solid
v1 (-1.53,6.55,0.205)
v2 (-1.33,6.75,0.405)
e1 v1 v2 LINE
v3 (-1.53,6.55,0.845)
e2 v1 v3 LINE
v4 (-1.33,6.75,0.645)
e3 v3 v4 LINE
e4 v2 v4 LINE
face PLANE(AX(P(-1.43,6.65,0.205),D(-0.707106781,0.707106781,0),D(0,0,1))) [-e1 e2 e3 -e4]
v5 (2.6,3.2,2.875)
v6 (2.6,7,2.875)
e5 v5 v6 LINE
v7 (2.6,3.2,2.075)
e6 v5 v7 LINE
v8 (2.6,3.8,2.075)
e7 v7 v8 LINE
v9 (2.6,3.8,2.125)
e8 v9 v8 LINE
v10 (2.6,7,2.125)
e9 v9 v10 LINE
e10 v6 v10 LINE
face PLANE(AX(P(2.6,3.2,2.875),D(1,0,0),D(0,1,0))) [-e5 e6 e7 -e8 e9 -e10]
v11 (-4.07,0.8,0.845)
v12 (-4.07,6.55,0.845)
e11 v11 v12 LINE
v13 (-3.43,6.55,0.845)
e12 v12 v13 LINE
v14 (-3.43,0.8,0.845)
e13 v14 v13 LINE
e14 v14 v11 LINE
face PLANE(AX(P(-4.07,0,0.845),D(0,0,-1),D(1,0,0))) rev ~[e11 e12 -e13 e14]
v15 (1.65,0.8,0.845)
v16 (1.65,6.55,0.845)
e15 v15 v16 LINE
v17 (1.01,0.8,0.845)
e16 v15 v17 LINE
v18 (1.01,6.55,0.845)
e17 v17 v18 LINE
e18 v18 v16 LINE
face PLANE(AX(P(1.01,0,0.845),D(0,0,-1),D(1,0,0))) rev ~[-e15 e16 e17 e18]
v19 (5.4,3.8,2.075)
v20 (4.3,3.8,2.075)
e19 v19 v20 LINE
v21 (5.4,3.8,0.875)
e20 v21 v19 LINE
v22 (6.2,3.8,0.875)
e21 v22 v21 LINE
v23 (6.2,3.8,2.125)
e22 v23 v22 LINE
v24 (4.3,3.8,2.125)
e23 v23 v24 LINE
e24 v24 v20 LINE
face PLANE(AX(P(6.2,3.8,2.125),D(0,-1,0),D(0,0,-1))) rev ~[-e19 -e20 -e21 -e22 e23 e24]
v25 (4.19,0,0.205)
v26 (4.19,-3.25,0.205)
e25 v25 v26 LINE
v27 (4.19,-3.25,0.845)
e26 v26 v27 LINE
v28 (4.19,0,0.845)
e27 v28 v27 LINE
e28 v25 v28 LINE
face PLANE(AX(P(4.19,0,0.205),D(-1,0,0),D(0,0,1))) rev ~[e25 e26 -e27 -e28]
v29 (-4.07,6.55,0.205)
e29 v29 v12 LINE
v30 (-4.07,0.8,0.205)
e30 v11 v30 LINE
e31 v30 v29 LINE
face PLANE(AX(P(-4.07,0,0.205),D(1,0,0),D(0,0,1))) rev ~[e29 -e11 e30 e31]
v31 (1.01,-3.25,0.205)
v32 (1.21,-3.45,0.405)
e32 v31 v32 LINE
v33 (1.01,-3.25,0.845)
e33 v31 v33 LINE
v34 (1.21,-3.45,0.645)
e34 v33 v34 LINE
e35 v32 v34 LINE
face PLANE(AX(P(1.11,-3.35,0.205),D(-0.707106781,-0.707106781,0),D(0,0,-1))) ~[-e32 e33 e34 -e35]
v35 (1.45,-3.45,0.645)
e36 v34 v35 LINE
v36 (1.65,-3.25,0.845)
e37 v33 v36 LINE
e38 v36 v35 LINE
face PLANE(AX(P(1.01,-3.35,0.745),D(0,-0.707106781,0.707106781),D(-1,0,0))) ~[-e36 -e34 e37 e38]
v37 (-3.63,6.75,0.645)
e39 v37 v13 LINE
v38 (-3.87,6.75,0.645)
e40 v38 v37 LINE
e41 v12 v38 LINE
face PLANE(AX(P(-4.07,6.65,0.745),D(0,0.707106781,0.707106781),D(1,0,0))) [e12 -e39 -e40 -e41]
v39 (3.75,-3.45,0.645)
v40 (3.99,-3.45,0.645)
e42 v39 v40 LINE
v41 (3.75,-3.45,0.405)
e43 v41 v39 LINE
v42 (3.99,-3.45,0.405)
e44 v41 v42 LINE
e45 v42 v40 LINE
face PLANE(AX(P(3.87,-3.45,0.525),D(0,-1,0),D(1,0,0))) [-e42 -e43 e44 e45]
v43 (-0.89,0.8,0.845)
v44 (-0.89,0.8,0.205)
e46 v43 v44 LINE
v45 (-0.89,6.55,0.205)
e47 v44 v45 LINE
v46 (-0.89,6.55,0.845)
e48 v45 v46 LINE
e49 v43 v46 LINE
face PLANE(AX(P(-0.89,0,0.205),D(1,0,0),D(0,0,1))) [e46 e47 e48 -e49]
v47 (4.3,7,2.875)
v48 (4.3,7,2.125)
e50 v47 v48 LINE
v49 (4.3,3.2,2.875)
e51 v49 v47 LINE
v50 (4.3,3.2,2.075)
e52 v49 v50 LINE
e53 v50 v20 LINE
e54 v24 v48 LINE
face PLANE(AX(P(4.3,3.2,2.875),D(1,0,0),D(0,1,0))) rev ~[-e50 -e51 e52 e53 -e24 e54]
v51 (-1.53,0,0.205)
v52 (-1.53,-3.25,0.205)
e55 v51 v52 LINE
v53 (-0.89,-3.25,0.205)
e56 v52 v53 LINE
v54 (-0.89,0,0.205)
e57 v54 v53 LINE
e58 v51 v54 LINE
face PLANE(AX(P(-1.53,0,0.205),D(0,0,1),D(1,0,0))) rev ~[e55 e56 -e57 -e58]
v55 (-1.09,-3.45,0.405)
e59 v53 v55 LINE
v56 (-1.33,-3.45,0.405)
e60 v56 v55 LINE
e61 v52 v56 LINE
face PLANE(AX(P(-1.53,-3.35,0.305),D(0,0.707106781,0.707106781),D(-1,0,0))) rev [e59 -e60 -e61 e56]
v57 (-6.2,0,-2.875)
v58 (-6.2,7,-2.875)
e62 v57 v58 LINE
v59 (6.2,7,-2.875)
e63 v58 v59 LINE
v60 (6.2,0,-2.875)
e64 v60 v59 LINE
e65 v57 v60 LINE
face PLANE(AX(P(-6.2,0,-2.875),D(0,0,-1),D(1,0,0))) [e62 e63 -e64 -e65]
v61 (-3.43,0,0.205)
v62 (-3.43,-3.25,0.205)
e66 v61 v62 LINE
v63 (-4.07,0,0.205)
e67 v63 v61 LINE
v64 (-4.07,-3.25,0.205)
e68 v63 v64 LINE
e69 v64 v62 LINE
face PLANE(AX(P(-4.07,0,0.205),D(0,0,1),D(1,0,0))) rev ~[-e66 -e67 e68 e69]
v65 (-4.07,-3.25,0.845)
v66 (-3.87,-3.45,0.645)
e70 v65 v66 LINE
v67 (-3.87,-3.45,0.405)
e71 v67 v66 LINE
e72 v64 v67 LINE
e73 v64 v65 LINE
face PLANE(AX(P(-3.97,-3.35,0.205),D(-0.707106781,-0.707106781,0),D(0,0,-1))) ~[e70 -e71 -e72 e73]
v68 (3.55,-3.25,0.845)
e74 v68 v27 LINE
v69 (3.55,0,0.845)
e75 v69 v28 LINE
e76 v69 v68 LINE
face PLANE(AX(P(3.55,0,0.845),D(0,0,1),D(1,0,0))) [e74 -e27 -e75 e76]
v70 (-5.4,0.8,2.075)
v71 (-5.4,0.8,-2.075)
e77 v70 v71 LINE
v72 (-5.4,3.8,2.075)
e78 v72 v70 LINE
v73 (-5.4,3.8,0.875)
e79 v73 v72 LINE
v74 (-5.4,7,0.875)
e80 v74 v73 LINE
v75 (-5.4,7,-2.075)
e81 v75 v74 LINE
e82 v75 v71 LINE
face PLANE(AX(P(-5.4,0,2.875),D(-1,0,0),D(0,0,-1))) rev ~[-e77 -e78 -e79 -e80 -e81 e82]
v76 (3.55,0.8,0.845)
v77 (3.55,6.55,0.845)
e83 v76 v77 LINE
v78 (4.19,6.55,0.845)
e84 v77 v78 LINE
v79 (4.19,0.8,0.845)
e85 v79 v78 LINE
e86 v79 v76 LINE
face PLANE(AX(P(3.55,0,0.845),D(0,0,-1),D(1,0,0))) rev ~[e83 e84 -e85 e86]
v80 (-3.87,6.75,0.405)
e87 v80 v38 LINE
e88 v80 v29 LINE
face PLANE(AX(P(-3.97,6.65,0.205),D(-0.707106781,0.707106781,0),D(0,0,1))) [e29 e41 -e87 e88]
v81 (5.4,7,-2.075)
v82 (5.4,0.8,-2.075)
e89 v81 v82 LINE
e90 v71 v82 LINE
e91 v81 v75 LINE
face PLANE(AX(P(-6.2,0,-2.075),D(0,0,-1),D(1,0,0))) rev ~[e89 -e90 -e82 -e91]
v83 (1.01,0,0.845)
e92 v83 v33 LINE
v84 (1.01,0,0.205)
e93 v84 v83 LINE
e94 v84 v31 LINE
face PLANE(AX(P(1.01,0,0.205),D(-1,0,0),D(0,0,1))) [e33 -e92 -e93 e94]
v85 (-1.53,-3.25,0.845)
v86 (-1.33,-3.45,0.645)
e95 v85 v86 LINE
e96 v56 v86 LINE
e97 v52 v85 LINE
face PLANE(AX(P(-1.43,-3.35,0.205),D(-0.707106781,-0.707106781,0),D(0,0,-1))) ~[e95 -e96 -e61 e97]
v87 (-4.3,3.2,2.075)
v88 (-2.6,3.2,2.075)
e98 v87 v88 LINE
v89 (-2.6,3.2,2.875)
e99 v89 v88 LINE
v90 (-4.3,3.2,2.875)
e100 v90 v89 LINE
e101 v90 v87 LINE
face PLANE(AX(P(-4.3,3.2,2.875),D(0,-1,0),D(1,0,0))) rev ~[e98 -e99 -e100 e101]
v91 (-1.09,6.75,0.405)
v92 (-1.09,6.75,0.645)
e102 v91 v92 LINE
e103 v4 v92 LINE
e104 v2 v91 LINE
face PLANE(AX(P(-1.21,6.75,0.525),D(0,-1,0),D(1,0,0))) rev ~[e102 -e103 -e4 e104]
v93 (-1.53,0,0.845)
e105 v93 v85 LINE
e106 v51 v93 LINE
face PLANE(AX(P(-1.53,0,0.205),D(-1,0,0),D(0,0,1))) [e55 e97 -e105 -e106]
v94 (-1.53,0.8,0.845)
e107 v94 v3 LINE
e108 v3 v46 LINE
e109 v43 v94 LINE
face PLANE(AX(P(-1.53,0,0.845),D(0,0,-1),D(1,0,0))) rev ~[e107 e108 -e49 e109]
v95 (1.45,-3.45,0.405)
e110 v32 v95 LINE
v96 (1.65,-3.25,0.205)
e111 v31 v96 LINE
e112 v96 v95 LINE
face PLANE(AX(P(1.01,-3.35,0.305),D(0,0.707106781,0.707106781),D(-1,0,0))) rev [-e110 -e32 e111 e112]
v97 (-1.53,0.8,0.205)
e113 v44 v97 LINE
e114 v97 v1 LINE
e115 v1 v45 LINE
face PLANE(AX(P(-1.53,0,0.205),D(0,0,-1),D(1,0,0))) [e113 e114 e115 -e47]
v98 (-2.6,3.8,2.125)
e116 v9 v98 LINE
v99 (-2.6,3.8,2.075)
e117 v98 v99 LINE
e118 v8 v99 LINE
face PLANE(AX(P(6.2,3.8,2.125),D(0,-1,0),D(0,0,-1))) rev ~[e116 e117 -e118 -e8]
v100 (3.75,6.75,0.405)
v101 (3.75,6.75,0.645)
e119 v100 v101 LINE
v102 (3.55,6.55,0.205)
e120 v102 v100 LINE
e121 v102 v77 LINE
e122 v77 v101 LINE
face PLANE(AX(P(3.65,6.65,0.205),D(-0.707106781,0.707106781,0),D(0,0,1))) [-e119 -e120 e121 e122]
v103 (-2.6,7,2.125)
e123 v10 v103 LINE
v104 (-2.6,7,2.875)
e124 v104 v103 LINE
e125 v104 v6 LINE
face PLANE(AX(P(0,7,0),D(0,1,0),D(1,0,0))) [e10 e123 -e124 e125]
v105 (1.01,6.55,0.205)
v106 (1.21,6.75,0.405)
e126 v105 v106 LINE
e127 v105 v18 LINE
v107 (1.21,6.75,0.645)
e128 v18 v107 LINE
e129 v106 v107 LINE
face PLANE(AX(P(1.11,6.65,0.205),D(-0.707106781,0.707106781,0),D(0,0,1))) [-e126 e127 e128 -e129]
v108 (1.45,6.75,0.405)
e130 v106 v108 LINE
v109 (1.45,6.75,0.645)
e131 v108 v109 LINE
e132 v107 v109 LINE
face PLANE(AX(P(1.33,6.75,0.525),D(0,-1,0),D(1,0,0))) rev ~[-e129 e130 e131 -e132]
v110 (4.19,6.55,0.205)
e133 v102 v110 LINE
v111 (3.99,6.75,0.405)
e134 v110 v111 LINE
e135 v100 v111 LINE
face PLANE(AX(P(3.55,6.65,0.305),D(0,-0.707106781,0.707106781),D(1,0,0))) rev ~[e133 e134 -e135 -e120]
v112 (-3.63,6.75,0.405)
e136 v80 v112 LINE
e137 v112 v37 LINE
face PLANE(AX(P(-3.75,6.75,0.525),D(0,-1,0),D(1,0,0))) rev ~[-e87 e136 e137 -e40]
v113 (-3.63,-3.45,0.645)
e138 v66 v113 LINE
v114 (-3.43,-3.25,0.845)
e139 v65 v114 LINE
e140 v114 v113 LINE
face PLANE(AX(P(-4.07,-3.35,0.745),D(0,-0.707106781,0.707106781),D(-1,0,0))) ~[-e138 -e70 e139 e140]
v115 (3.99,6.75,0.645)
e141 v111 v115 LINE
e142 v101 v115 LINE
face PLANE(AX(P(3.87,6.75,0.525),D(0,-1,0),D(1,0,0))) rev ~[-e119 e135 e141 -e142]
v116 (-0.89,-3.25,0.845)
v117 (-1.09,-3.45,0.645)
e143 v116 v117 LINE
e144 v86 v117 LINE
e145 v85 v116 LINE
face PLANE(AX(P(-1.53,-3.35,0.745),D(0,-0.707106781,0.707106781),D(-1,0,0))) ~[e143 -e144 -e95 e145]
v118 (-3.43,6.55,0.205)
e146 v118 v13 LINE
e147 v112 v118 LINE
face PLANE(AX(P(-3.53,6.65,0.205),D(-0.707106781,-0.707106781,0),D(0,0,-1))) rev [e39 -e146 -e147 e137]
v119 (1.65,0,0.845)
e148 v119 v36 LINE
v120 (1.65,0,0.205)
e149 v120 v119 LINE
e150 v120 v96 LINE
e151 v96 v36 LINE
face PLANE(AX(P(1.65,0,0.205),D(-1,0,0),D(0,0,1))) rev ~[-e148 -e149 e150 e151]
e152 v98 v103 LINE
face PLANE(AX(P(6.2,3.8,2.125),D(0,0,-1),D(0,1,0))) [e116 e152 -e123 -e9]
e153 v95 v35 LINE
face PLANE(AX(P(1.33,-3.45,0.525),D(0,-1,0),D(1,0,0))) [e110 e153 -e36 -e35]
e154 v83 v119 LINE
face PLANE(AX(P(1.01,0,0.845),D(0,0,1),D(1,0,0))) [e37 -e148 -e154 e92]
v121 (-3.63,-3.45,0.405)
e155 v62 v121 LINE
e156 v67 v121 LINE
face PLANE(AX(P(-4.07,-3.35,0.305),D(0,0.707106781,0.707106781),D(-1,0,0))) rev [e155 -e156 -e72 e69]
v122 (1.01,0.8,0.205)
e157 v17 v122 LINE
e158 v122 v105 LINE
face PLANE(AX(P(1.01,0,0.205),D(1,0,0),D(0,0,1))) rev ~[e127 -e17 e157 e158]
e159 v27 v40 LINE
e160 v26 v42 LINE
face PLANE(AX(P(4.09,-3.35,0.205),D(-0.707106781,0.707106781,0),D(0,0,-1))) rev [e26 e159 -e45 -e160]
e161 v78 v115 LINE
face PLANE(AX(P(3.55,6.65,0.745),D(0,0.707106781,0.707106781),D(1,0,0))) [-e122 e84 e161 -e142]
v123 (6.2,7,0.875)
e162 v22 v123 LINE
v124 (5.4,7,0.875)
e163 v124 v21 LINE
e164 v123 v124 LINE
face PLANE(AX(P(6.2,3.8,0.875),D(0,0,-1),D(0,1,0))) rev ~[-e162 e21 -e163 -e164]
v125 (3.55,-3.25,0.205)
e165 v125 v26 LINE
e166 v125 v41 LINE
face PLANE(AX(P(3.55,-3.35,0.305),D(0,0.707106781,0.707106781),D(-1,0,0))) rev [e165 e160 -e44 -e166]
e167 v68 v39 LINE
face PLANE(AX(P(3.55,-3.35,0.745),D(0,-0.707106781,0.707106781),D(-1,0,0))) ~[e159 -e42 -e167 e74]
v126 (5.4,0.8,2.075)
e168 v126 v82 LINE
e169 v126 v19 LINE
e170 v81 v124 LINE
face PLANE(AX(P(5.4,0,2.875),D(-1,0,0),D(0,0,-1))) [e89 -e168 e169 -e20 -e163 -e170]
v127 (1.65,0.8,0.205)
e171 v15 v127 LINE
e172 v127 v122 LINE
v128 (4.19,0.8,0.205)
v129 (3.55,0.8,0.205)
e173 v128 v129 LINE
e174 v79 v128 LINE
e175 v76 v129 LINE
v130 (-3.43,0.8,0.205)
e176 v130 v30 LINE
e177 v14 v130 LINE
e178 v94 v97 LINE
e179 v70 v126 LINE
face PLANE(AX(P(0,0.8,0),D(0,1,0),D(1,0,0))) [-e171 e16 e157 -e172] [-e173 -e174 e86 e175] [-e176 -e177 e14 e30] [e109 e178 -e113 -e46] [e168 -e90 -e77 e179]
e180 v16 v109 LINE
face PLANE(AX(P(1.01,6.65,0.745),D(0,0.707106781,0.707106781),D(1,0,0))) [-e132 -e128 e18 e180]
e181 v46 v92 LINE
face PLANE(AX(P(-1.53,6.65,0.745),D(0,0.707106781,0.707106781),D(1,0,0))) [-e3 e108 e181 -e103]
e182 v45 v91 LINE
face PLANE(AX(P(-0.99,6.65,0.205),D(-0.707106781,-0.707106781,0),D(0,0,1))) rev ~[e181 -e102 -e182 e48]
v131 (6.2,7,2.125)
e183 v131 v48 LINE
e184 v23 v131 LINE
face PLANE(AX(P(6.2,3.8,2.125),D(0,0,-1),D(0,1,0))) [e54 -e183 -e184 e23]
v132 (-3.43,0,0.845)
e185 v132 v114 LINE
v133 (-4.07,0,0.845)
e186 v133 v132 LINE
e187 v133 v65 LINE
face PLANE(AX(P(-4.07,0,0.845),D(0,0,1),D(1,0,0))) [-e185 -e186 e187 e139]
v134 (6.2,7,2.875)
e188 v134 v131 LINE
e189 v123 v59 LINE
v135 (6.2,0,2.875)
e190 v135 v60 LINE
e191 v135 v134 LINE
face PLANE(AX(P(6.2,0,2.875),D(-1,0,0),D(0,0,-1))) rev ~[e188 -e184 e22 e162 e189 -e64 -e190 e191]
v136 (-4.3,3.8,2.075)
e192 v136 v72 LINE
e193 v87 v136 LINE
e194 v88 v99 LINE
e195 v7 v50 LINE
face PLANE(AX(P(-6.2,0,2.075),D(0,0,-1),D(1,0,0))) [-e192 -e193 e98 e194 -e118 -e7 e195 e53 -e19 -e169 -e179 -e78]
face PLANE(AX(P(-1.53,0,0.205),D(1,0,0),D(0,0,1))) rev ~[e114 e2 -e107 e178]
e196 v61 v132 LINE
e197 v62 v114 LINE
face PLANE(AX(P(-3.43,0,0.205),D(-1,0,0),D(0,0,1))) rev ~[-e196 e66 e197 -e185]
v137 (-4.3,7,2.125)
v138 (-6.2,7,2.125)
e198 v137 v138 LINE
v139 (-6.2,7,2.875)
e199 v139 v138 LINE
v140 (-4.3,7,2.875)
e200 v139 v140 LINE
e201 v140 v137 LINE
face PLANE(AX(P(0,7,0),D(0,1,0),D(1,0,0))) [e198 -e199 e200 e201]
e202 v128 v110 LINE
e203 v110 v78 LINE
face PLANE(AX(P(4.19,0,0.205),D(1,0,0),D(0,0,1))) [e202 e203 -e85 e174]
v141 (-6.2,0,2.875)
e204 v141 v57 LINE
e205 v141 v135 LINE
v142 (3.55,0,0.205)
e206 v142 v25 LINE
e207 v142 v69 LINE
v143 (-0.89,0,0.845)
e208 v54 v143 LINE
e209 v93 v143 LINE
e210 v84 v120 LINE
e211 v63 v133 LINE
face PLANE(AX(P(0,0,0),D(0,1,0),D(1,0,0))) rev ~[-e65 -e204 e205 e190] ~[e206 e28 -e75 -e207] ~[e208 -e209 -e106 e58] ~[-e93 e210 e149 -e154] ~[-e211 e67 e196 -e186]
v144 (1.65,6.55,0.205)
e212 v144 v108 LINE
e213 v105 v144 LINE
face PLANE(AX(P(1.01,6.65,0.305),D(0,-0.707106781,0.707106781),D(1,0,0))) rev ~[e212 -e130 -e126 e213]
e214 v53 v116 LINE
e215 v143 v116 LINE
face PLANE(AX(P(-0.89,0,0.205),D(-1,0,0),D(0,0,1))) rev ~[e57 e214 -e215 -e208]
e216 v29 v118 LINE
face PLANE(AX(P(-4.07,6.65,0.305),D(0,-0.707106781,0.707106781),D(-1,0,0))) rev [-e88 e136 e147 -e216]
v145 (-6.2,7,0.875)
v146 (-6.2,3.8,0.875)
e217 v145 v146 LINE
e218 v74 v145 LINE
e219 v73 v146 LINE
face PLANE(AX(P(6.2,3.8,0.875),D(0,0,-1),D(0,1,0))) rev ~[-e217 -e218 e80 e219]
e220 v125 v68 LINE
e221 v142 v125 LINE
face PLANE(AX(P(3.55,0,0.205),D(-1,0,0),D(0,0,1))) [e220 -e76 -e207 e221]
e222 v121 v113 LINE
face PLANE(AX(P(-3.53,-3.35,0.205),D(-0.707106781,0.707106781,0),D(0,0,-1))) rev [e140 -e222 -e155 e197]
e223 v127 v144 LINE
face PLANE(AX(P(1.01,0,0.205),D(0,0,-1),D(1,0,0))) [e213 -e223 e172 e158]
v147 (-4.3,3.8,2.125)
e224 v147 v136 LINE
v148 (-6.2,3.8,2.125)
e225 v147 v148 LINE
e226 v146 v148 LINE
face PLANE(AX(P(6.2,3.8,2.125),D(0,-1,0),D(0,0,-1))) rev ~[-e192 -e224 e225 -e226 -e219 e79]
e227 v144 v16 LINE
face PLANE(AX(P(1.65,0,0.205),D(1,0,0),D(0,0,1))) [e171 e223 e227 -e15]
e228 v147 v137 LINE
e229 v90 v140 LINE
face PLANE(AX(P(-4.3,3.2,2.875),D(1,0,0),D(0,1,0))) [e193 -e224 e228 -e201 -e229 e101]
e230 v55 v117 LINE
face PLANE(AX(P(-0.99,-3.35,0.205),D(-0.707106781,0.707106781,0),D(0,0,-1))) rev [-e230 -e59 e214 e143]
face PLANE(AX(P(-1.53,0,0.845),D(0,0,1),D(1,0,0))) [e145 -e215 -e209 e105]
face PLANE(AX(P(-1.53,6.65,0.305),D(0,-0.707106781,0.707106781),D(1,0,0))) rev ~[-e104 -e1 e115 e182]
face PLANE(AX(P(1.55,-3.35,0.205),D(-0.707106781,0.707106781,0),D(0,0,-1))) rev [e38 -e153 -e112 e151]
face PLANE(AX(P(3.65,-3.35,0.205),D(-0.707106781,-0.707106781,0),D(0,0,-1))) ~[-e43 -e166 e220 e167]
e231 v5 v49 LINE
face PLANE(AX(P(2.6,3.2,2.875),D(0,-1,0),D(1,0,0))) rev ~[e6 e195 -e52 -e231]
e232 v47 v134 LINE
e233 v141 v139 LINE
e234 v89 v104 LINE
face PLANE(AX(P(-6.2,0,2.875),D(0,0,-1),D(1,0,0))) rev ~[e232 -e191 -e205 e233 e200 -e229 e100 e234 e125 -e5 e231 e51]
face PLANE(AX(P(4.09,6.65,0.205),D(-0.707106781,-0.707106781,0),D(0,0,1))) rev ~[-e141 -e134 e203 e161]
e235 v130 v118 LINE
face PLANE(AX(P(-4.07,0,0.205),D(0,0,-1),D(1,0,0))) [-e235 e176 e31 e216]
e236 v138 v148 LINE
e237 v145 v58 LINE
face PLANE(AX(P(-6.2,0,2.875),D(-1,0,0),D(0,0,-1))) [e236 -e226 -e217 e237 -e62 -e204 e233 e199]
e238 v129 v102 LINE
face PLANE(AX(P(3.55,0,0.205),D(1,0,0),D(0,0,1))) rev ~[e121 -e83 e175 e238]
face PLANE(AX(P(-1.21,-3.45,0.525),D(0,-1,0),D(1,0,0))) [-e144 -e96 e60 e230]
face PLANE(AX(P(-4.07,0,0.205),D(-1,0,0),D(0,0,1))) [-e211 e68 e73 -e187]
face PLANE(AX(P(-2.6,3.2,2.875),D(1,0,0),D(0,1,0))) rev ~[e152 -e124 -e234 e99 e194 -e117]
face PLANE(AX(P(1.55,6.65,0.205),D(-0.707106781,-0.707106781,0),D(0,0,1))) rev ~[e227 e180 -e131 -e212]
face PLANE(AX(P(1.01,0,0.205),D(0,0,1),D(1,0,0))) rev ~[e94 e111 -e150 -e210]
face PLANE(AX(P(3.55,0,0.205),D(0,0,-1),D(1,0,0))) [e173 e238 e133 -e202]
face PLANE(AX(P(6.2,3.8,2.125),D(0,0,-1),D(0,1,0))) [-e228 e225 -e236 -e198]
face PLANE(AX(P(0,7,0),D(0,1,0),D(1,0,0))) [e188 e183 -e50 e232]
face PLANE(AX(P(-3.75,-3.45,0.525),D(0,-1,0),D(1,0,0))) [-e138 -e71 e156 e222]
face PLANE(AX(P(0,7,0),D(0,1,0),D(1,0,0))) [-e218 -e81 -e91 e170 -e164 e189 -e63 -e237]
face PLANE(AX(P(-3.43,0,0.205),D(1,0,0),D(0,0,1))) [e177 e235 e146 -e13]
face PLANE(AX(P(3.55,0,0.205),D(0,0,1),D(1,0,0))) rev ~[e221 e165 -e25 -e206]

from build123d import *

# Parameters (mm, degrees)
SKETCH1_W                = 12.4
SKETCH1_H                = 5.75
BOSS_EXTRUDE1_DEPTH      = 7
SHELL1_T                 = -0.8
SKETCH2_W                = 1.25
SKETCH2_H                = 3.2
CUT_EXTRUDE1_DEPTH       = 13.4
CUT_EXTRUDE2_REACH       = 7.75
SKETCH3_W                = 1.7
SKETCH3_H                = 3.8
SKETCH4_W                = 0.64
SKETCH4_H                = 0.64
BOSS_EXTRUDE2_DEPTH      = 3.45
BOSS_EXTRUDE2_DEPTH_BACK = 6.75
CHAMFER1_SIZE            = 0.2


with BuildPart() as part:
    # Sketch1 → Boss-Extrude1 (new body)
    with BuildSketch(Plane(origin=(0, 0, 0), x_dir=(1, 0, 0), z_dir=(0, 1, 0))):
        Rectangle(SKETCH1_W, SKETCH1_H)
    extrude(amount=BOSS_EXTRUDE1_DEPTH)

    # Shell1
    shell1_openings = [part.faces().sort_by_distance(p)[0] for p in [
        (0, 7, 0),
    ]]
    offset(amount=SHELL1_T, openings=shell1_openings, kind=Kind.INTERSECTION)

    # Sketch2 → Cut-Extrude1 (cut, through all)
    with BuildSketch(Plane(origin=(6.2, 0, 0), x_dir=(0, 0, -1), z_dir=(1, 0, 0))):
        with Locations((-1.5, 5.4)):
            Rectangle(SKETCH2_W, SKETCH2_H)
    extrude(amount=-CUT_EXTRUDE1_DEPTH, mode=Mode.SUBTRACT)

    # Sketch3 → Cut-Extrude2 (cut, up to next)
    with BuildSketch(Plane.XY.offset(2.875), mode=Mode.PRIVATE) as cut_extrude2_sk1:
        with Locations((-3.45, 5.1)):
            Rectangle(SKETCH3_W, SKETCH3_H)
    cut_extrude2_tool1 = extrude(cut_extrude2_sk1.sketch, amount=-CUT_EXTRUDE2_REACH, mode=Mode.PRIVATE) & part.part
    add(cut_extrude2_tool1.solids().sort_by_distance((-3.45, 5.1, 2.875))[0], mode=Mode.SUBTRACT)
    # Sketch3 → Cut-Extrude2 (cut, up to next)
    with BuildSketch(Plane.XY.offset(2.875), mode=Mode.PRIVATE) as cut_extrude2_sk2:
        with Locations((3.45, 5.1)):
            Rectangle(SKETCH3_W, SKETCH3_H)
    cut_extrude2_tool2 = extrude(cut_extrude2_sk2.sketch, amount=-CUT_EXTRUDE2_REACH, mode=Mode.PRIVATE) & part.part
    add(cut_extrude2_tool2.solids().sort_by_distance((3.45, 5.1, 2.875))[0], mode=Mode.SUBTRACT)

    # Sketch4 → Boss-Extrude2 (add, two sides)
    with BuildSketch(Plane.XZ) as boss_extrude2_sk:
        with Locations((-3.75, 0.525)):
            Rectangle(SKETCH4_W, SKETCH4_H)
        with Locations((-1.21, 0.525)):
            Rectangle(SKETCH4_W, SKETCH4_H)
        with Locations((1.33, 0.525)):
            Rectangle(SKETCH4_W, SKETCH4_H)
        with Locations((3.87, 0.525)):
            Rectangle(SKETCH4_W, SKETCH4_H)
    extrude(amount=BOSS_EXTRUDE2_DEPTH)
    extrude(boss_extrude2_sk.sketch, amount=-BOSS_EXTRUDE2_DEPTH_BACK)

    # Chamfer1
    chamfer1_edges = [part.edges().sort_by_distance(p)[0] for p in [
        (-1.21, 6.75, 0.205),
        (-1.53, 6.75, 0.525),
        (-1.21, 6.75, 0.845),
        (-0.89, 6.75, 0.525),
        (-1.21, -3.45, 0.205),
        (-0.89, -3.45, 0.525),
        (-1.21, -3.45, 0.845),
        (-1.53, -3.45, 0.525),
        (1.33, 6.75, 0.205),
        (1.01, 6.75, 0.525),
        (1.33, 6.75, 0.845),
        (1.65, 6.75, 0.525),
        (1.33, -3.45, 0.205),
        (1.65, -3.45, 0.525),
        (1.33, -3.45, 0.845),
        (1.01, -3.45, 0.525),
        (3.87, 6.75, 0.205),
        (3.55, 6.75, 0.525),
        (3.87, 6.75, 0.845),
        (4.19, 6.75, 0.525),
        (3.87, -3.45, 0.205),
        (4.19, -3.45, 0.525),
        (3.87, -3.45, 0.845),
        (3.55, -3.45, 0.525),
        (-3.43, 6.75, 0.525),
        (-3.75, 6.75, 0.205),
        (-4.07, 6.75, 0.525),
        (-3.75, 6.75, 0.845),
        (-3.43, -3.45, 0.525),
        (-3.75, -3.45, 0.845),
        (-4.07, -3.45, 0.525),
        (-3.75, -3.45, 0.205),
    ]]
    chamfer(chamfer1_edges, length=CHAMFER1_SIZE)


solid = part.part
